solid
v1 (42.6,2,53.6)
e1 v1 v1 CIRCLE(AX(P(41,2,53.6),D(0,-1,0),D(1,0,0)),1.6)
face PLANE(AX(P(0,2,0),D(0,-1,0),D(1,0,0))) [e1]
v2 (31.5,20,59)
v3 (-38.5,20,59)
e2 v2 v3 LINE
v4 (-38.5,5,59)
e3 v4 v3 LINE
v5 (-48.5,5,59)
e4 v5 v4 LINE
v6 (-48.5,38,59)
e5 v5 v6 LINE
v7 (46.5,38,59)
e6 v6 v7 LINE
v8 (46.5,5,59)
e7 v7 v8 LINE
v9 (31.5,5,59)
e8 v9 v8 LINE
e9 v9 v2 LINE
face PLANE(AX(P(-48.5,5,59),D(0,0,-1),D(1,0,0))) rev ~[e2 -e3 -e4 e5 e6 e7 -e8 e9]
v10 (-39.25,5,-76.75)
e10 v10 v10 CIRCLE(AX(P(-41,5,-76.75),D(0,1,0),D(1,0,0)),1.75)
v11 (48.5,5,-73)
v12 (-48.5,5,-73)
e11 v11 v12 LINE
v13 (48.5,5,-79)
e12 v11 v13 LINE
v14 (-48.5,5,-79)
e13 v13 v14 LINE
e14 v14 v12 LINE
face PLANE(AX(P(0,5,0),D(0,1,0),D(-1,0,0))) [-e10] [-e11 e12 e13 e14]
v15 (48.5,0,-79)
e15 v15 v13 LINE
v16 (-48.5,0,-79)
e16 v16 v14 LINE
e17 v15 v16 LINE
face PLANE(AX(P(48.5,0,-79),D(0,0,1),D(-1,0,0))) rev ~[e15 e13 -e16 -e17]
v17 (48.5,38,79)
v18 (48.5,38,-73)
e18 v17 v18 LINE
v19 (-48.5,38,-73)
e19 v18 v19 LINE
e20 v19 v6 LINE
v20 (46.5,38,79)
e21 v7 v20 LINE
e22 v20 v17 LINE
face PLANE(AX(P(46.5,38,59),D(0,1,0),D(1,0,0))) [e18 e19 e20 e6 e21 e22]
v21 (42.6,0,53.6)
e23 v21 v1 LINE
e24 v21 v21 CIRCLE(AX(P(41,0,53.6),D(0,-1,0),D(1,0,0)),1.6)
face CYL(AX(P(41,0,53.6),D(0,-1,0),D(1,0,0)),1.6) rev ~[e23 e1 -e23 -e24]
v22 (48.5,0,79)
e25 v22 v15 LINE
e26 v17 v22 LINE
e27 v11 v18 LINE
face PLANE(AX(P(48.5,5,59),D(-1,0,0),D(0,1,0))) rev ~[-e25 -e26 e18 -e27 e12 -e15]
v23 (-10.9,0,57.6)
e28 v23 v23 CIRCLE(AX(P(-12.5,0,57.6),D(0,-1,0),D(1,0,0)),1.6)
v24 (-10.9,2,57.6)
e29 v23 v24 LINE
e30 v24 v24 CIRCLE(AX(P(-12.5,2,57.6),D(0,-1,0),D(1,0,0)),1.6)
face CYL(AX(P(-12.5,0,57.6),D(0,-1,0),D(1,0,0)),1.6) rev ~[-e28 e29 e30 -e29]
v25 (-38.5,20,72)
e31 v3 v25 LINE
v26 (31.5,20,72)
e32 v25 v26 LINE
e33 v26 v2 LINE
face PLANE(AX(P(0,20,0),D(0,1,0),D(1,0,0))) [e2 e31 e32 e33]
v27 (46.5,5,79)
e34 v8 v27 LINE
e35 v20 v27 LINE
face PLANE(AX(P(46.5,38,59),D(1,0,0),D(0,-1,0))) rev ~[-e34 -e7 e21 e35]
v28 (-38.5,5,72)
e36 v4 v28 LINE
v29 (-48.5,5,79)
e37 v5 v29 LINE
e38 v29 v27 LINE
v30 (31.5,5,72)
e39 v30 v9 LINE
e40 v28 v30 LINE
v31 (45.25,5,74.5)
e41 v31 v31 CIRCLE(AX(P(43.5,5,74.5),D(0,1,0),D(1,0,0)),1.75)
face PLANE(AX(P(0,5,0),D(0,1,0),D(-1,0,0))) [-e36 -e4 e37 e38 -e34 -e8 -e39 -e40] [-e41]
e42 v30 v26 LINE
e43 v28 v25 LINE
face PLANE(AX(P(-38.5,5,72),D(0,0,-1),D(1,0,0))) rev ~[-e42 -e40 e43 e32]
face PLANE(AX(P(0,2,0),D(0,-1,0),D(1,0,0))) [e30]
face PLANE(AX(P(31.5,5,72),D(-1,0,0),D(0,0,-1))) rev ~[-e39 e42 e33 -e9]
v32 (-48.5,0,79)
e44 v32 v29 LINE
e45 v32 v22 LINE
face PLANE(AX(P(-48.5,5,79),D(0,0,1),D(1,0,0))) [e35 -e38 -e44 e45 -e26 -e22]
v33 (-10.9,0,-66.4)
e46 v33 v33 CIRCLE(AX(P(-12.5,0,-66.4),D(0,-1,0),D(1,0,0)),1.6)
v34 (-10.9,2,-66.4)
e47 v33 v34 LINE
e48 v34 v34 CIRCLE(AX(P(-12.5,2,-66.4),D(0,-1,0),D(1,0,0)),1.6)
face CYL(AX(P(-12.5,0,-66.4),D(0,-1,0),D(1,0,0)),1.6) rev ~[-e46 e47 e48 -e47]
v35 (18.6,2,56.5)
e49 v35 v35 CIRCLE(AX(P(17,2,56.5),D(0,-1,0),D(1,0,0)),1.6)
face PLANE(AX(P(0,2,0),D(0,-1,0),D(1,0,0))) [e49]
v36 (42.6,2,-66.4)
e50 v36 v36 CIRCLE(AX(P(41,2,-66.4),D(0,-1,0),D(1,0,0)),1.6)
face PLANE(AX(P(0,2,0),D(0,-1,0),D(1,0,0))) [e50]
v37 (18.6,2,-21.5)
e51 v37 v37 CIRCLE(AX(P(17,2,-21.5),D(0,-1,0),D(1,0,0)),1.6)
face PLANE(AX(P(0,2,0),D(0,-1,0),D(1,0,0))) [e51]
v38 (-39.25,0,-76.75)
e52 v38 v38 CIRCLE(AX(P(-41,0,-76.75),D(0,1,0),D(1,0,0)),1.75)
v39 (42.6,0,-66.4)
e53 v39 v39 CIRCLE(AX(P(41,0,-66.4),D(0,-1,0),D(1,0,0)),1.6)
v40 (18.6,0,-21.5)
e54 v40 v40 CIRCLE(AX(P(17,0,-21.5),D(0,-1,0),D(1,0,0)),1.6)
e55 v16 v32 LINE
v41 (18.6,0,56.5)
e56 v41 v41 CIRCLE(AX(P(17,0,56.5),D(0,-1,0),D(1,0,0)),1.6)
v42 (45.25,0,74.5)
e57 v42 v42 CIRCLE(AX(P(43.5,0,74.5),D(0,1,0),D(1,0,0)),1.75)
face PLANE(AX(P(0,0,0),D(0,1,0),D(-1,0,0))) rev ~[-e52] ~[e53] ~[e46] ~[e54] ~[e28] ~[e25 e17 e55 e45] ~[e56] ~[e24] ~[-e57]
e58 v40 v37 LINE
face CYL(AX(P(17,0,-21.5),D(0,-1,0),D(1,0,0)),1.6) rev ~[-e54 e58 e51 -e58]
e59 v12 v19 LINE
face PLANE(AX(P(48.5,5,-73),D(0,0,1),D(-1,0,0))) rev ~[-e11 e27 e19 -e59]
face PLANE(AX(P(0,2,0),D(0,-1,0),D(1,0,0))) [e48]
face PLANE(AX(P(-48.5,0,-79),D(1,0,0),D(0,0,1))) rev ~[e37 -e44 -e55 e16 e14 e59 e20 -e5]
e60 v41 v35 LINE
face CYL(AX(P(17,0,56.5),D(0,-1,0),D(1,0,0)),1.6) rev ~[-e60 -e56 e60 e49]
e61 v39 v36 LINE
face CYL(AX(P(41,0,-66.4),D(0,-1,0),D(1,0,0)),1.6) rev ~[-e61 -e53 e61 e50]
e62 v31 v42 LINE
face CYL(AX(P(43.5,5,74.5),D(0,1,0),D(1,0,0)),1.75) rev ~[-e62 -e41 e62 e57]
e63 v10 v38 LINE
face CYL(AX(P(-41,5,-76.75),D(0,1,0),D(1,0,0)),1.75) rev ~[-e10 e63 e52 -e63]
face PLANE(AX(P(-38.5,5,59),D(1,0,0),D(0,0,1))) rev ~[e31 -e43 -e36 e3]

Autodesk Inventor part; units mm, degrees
ref_plane "YZ Plane" through (0, 0, 0) normal (1, 0, 0) x (0, 1, 0)
ref_plane "XZ Plane" through (0, 0, 0) normal (0, 1, 0) x (-1, 0, 0)
ref_plane "XY Plane" through (0, 0, 0) normal (0, 0, 1) x (1, 0, 0)
sketch "Sketch1" plane through (0, 0, 0) normal (0, 1, 0) x (-1, 0, 0)
  line L0 (-48.5, -79) -> (48.5, -79)
  line L1 (48.5, -79) -> (48.5, 79)
  line L2 (48.5, 79) -> (-48.5, 79)
  line L3 (-48.5, 79) -> (-48.5, -79)
  line L4 (-48.5, -79) -> (48.5, 79) construction
  line L5 (48.5, -79) -> (-48.5, 79) construction
  point P0 (0, 0)
  dimension "d0" = 97
  dimension "d1" = 158
extrude "Extrusion1" add sketch "Sketch1" along normal blind 5
sketch "Sketch2" plane through (0, 5, 0) normal (0, 1, 0) x (1, 0, 0)
  circle A0 centre (-41, 76.75) radius 1.75
  line L0 (-48.5, -79) -> (48.5, -79) projected
  line L1 (48.5, -79) -> (48.5, 79) projected
  circle A1 centre (43.5, -74.5) radius 1.75
  point P0 (0, 0)
  dimension "d4" = 3.5
  dimension "d5" = 155.75
  dimension "d6" = 89.5
  dimension "d7" = 3.5
  dimension "d8" = 4.5
  dimension "d9" = 5
extrude "Extrusion2" cut sketch "Sketch2" against normal blind 5
sketch "Sketch3" plane through (0, 5, 0) normal (0, 1, 0) x (1, 0, 0)
  line L0 (48.5, -79) -> (48.5, 79) projected
  line L1 (-48.5, 79) -> (-48.5, -79) projected
  line L2 (48.5, 73) -> (-48.5, 73)
  line L3 (-48.5, 73) -> (-48.5, -59)
  line L4 (-48.5, -59) -> (48.5, -59)
  line L5 (48.5, -59) -> (48.5, 73)
  line L6 (48.5, 79) -> (-48.5, 79) projected
  line L7 (-48.5, -79) -> (48.5, -79) projected
  point P0 (0, 0)
  dimension "d12" = 6
  dimension "d13" = 20
extrude "Extrusion3" add sketch "Sketch3" along normal blind 33 contours L4 L1 L2 L0
sketch "Sketch4" plane through (-48.5, 5, 59) normal (0, 0, 1) x (1, 0, 0)
  line L0 (0, 33) -> (97, 33) projected
  line L1 (97, 0) -> (0, 0) projected
  line L2 (97, 33) -> (95, 33)
  line L3 (95, 33) -> (95, 0)
  line L4 (95, 0) -> (97, 0)
  line L5 (97, 0) -> (97, 33)
  point P0 (48.5, -5)
  dimension "d16" = 2
extrude "Extrusion4" add sketch "Sketch4" along normal blind 20
sketch "Sketch5" plane through (0, 5, 0) normal (0, 1, 0) x (1, 0, 0)
  line L0 (31.5, -59) -> (-38.5, -59)
  line L1 (-38.5, -59) -> (-38.5, -72)
  line L2 (-38.5, -72) -> (31.5, -72)
  line L3 (31.5, -72) -> (31.5, -59)
  line L4 (-48.5, -59) -> (-48.5, -79) projected
  line L5 (46.5, -59) -> (-48.5, -59) projected
  line L6 (-48.5, -79) -> (46.5, -79) projected
  point P0 (0, 0)
  dimension "d19" = 70
  dimension "d20" = 10
  dimension "d21" = 7
extrude "Extrusion5" add sketch "Sketch5" along normal blind 15
sketch "Sketch6" plane through (0, 0, 0) normal (0, -1, 0) x (1, 0, 0)
  circle A0 centre (41, 53.6) radius 1.6
  circle A1 centre (17, 56.5) radius 1.6
  circle A2 centre (-12.5, 57.6) radius 1.6
  circle A3 centre (41, -66.4) radius 1.6
  circle A4 centre (-12.5, -66.4) radius 1.6
  line L0 (48.5, 79) -> (48.5, -79) projected
  line L1 (-48.5, 79) -> (48.5, 79) projected
  circle A5 centre (17, -21.5) radius 1.6
  point P0 (0, 0)
  dimension "d24" = 3.2
  dimension "d25" = 3.2
  dimension "d26" = 3.2
  dimension "d27" = 3.2
  dimension "d28" = 3.2
  dimension "d29" = 7.5
  dimension "d30" = 25.4
  dimension "d31" = 22.5
  dimension "d32" = 31.5
  dimension "d33" = 61
  dimension "d34" = 21.4
  dimension "d35" = 120
  dimension "d36" = 3.2
  dimension "d37" = 78
extrude "Extrusion6" cut sketch "Sketch6" against normal blind 2
properties part number "source"
